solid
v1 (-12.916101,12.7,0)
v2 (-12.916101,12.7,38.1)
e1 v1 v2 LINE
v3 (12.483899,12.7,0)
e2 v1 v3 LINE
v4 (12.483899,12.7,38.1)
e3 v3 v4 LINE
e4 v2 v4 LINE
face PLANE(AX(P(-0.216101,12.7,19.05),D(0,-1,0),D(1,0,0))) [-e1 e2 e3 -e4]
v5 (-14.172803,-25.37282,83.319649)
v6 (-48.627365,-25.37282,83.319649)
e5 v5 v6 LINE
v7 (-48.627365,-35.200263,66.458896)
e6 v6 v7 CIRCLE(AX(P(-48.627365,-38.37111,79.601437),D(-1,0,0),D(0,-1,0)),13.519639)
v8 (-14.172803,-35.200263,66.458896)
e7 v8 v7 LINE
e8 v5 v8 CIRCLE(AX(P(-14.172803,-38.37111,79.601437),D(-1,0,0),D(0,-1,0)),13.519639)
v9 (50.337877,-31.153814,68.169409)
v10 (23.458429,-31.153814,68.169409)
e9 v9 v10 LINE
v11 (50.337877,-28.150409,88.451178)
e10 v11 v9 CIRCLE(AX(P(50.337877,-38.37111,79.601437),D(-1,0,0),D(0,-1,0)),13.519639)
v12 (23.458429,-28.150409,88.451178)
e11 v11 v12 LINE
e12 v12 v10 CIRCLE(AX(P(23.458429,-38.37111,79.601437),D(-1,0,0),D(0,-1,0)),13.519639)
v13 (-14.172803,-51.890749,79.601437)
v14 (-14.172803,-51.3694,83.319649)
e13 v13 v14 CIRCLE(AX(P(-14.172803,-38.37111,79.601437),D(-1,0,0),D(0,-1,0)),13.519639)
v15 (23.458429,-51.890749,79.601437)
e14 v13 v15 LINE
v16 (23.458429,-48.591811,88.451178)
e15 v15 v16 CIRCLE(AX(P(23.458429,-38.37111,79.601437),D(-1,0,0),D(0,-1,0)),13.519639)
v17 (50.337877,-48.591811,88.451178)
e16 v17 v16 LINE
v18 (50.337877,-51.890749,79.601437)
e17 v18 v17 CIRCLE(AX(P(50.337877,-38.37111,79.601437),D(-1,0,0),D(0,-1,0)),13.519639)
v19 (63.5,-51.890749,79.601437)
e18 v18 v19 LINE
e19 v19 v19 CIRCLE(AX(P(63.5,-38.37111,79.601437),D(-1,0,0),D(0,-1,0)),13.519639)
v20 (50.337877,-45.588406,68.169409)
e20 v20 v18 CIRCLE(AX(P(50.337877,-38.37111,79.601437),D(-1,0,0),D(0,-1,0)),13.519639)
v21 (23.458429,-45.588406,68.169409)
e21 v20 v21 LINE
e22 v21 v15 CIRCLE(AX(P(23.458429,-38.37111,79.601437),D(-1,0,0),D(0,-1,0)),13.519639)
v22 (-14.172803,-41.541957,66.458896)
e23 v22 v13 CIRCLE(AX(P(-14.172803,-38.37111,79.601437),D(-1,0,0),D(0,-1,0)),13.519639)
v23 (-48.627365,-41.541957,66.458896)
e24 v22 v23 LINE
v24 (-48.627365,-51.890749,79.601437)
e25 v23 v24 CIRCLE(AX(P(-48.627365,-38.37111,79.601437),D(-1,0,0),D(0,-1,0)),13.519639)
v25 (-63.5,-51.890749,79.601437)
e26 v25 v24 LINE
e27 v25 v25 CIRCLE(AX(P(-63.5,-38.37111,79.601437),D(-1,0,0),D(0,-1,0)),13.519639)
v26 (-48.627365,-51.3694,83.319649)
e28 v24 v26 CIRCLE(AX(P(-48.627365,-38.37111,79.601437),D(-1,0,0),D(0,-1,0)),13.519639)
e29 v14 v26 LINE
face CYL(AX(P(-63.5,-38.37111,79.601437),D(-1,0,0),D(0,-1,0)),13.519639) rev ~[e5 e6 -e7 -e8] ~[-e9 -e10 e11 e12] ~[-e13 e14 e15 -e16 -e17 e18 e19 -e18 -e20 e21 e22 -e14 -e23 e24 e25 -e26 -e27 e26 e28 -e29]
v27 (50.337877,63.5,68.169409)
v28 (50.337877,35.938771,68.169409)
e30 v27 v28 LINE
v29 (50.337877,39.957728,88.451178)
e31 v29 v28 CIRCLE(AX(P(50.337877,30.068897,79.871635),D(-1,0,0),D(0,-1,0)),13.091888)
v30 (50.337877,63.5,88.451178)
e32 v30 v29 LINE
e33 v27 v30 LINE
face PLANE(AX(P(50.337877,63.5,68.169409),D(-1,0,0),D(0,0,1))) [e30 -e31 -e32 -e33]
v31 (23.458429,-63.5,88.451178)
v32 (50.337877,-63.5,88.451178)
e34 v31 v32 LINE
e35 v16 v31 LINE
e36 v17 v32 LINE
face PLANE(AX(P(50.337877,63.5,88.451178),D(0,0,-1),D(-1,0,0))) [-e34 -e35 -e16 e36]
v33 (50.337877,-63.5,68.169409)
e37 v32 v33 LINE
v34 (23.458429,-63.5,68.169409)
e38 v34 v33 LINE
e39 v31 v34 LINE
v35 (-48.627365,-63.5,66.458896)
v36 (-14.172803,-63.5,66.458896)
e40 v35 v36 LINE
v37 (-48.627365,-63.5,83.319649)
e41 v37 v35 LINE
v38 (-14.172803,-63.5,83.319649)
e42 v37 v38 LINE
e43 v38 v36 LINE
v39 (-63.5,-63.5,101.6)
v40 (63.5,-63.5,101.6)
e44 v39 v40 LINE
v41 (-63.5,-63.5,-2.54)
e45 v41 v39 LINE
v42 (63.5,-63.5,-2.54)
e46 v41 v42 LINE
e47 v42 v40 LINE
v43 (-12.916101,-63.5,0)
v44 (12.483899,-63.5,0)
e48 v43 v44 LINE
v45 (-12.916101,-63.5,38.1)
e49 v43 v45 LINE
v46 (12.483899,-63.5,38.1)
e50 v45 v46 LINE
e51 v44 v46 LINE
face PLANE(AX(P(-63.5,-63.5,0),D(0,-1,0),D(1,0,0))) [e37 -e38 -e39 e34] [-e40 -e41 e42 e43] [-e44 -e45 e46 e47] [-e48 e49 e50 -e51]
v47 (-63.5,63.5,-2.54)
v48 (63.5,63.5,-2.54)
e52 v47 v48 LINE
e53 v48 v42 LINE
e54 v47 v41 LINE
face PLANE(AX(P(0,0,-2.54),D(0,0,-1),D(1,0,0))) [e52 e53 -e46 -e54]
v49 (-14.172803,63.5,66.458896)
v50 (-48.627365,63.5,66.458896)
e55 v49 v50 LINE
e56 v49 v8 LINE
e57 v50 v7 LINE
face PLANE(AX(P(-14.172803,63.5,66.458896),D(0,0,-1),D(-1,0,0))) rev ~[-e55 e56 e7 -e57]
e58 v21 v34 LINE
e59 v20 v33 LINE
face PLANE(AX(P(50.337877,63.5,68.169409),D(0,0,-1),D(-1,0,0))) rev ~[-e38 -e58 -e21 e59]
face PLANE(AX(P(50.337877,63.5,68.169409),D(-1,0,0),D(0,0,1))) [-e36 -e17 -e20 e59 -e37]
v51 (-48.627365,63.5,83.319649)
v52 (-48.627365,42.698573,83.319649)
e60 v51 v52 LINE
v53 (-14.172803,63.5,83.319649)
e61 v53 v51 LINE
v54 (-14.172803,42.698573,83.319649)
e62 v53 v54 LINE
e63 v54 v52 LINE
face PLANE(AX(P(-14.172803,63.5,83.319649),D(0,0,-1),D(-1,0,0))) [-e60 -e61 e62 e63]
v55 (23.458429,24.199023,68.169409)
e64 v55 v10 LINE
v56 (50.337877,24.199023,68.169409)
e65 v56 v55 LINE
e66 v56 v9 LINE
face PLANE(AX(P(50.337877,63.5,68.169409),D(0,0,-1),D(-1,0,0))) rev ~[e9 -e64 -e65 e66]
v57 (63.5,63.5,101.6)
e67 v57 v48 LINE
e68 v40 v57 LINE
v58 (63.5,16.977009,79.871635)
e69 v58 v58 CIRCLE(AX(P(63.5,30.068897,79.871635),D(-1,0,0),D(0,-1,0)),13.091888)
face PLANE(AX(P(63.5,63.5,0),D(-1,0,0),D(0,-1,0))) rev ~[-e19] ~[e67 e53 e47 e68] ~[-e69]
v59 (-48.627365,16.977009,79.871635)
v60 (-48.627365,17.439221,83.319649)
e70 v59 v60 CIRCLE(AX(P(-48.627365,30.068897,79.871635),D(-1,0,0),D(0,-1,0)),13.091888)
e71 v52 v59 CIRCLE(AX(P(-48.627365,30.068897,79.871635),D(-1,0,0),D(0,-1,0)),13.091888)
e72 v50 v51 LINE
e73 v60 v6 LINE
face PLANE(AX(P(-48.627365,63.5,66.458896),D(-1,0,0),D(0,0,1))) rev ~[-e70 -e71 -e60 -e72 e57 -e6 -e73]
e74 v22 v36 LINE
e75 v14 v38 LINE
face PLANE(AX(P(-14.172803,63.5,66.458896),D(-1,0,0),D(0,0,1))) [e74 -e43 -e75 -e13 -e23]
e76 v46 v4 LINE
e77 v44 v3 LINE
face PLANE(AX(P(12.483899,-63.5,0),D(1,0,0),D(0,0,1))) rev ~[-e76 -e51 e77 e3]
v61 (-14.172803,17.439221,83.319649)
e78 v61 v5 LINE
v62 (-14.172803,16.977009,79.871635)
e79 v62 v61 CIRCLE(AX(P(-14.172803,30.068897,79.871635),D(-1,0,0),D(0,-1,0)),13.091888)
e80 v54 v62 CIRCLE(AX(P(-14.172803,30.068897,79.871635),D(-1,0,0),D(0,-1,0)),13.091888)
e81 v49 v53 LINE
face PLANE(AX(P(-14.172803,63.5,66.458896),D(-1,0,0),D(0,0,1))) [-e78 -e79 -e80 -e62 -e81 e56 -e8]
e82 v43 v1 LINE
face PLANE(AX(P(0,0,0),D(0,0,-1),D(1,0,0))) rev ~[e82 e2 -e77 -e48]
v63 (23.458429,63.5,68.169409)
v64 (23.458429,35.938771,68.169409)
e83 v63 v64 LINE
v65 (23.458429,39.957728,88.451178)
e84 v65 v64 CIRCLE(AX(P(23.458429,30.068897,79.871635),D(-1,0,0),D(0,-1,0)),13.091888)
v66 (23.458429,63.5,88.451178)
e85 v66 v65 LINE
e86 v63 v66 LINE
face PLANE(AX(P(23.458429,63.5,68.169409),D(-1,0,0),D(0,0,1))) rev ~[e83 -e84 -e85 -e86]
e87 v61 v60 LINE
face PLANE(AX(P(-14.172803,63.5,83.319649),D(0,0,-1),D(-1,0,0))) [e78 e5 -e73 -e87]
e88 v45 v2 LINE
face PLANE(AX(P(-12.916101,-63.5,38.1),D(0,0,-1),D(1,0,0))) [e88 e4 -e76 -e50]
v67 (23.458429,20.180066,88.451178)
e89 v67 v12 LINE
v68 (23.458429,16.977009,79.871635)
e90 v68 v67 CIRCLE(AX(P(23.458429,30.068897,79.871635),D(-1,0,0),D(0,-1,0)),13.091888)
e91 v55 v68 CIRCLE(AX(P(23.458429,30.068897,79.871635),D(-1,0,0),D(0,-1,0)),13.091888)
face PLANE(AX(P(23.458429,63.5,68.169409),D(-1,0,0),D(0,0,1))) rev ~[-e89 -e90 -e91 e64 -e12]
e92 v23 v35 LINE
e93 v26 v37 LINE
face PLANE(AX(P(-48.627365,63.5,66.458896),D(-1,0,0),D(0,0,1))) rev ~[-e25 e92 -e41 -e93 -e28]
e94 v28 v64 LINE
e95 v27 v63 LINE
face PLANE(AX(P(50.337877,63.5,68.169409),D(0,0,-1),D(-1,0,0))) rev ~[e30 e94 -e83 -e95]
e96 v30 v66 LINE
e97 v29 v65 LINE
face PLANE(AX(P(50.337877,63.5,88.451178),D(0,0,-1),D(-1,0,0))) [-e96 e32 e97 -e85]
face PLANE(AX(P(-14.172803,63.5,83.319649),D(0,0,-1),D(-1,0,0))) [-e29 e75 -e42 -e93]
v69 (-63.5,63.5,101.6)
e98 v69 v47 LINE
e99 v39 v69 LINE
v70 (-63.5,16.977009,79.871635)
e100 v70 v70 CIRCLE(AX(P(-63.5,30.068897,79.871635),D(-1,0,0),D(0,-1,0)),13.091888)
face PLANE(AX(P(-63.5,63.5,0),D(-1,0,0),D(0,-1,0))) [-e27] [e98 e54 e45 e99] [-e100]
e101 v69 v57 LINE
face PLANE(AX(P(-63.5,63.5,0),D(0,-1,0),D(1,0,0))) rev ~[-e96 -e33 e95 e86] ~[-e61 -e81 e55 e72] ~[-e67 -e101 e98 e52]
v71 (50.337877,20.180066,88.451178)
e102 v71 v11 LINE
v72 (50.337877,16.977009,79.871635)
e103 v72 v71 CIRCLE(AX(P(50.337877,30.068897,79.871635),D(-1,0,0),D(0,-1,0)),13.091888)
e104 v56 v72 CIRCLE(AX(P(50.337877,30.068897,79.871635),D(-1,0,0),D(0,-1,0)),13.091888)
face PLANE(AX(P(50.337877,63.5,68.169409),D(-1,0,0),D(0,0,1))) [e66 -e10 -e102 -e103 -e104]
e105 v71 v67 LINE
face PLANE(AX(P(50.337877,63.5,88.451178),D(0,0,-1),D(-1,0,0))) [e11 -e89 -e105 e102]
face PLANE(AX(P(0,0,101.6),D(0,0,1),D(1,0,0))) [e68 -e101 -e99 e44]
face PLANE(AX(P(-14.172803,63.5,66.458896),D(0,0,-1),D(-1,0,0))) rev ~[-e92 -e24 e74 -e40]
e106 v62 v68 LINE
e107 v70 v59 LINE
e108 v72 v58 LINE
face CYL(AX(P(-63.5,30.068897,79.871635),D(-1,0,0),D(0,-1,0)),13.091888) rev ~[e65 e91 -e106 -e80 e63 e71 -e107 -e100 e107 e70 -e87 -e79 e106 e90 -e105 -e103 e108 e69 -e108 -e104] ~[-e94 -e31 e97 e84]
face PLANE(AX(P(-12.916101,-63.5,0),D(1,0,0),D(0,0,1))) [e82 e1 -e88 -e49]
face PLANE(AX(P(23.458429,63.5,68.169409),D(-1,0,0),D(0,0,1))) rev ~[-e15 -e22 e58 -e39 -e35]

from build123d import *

# Parameters (mm, degrees)
F0_W     = 127
F0_H     = 127
F1_DEPTH = 101.6
F2_W     = 25.4
F2_H     = 38.1
F3_DEPTH = 76.2
F4_W     = 127
F4_H     = 127
F5_DEPTH = 2.54
F6_W     = 34.454562
F6_H     = 16.860753
F6_W_2   = 26.879448
F6_H_2   = 20.281769
F7_DEPTH = 127.001
F8_R     = 13.091888
F8_R_2   = 13.519639
F9_DEPTH = 127.001


with BuildPart() as f1:
    # F0 (on Top) → F1 (new body)
    with BuildSketch(Plane.XY):
        Rectangle(F0_W, F0_H)
    extrude(amount=F1_DEPTH)

    # F2 (on face) → F3 (cut)
    with BuildSketch(Plane.XZ.offset(63.5)):
        with Locations((-0.216101, 19.05)):
            Rectangle(F2_W, F2_H)
    extrude(amount=-F3_DEPTH, mode=Mode.SUBTRACT)

    # F4 (on face) → F5 (join)
    with BuildSketch(Plane(origin=(0, 0, 0), x_dir=(1, 0, 0), z_dir=(0, 0, -1))):
        Rectangle(F4_W, F4_H)
    extrude(amount=F5_DEPTH)

    # F6 (on face) → F7 (cut, through all)
    with BuildSketch(Plane(origin=(0, 63.5, 0), x_dir=(-1, 0, 0), z_dir=(0, 1, 0))):
        with Locations((31.400084, 74.889273)):
            Rectangle(F6_W, F6_H)
        with Locations((-36.898153, 78.310293)):
            Rectangle(F6_W_2, F6_H_2)
    extrude(amount=-F7_DEPTH, mode=Mode.SUBTRACT)

    # F8 (on face) → F9 (cut, through all)
    with BuildSketch(Plane(origin=(-63.5, 0, 0), x_dir=(0, -1, 0), z_dir=(-1, 0, 0))):
        with Locations((-30.068897, 79.871635)):
            Circle(F8_R)
        with Locations((38.37111, 79.601437)):
            Circle(F8_R_2)
    extrude(amount=-F9_DEPTH, mode=Mode.SUBTRACT)


solid = f1.part
